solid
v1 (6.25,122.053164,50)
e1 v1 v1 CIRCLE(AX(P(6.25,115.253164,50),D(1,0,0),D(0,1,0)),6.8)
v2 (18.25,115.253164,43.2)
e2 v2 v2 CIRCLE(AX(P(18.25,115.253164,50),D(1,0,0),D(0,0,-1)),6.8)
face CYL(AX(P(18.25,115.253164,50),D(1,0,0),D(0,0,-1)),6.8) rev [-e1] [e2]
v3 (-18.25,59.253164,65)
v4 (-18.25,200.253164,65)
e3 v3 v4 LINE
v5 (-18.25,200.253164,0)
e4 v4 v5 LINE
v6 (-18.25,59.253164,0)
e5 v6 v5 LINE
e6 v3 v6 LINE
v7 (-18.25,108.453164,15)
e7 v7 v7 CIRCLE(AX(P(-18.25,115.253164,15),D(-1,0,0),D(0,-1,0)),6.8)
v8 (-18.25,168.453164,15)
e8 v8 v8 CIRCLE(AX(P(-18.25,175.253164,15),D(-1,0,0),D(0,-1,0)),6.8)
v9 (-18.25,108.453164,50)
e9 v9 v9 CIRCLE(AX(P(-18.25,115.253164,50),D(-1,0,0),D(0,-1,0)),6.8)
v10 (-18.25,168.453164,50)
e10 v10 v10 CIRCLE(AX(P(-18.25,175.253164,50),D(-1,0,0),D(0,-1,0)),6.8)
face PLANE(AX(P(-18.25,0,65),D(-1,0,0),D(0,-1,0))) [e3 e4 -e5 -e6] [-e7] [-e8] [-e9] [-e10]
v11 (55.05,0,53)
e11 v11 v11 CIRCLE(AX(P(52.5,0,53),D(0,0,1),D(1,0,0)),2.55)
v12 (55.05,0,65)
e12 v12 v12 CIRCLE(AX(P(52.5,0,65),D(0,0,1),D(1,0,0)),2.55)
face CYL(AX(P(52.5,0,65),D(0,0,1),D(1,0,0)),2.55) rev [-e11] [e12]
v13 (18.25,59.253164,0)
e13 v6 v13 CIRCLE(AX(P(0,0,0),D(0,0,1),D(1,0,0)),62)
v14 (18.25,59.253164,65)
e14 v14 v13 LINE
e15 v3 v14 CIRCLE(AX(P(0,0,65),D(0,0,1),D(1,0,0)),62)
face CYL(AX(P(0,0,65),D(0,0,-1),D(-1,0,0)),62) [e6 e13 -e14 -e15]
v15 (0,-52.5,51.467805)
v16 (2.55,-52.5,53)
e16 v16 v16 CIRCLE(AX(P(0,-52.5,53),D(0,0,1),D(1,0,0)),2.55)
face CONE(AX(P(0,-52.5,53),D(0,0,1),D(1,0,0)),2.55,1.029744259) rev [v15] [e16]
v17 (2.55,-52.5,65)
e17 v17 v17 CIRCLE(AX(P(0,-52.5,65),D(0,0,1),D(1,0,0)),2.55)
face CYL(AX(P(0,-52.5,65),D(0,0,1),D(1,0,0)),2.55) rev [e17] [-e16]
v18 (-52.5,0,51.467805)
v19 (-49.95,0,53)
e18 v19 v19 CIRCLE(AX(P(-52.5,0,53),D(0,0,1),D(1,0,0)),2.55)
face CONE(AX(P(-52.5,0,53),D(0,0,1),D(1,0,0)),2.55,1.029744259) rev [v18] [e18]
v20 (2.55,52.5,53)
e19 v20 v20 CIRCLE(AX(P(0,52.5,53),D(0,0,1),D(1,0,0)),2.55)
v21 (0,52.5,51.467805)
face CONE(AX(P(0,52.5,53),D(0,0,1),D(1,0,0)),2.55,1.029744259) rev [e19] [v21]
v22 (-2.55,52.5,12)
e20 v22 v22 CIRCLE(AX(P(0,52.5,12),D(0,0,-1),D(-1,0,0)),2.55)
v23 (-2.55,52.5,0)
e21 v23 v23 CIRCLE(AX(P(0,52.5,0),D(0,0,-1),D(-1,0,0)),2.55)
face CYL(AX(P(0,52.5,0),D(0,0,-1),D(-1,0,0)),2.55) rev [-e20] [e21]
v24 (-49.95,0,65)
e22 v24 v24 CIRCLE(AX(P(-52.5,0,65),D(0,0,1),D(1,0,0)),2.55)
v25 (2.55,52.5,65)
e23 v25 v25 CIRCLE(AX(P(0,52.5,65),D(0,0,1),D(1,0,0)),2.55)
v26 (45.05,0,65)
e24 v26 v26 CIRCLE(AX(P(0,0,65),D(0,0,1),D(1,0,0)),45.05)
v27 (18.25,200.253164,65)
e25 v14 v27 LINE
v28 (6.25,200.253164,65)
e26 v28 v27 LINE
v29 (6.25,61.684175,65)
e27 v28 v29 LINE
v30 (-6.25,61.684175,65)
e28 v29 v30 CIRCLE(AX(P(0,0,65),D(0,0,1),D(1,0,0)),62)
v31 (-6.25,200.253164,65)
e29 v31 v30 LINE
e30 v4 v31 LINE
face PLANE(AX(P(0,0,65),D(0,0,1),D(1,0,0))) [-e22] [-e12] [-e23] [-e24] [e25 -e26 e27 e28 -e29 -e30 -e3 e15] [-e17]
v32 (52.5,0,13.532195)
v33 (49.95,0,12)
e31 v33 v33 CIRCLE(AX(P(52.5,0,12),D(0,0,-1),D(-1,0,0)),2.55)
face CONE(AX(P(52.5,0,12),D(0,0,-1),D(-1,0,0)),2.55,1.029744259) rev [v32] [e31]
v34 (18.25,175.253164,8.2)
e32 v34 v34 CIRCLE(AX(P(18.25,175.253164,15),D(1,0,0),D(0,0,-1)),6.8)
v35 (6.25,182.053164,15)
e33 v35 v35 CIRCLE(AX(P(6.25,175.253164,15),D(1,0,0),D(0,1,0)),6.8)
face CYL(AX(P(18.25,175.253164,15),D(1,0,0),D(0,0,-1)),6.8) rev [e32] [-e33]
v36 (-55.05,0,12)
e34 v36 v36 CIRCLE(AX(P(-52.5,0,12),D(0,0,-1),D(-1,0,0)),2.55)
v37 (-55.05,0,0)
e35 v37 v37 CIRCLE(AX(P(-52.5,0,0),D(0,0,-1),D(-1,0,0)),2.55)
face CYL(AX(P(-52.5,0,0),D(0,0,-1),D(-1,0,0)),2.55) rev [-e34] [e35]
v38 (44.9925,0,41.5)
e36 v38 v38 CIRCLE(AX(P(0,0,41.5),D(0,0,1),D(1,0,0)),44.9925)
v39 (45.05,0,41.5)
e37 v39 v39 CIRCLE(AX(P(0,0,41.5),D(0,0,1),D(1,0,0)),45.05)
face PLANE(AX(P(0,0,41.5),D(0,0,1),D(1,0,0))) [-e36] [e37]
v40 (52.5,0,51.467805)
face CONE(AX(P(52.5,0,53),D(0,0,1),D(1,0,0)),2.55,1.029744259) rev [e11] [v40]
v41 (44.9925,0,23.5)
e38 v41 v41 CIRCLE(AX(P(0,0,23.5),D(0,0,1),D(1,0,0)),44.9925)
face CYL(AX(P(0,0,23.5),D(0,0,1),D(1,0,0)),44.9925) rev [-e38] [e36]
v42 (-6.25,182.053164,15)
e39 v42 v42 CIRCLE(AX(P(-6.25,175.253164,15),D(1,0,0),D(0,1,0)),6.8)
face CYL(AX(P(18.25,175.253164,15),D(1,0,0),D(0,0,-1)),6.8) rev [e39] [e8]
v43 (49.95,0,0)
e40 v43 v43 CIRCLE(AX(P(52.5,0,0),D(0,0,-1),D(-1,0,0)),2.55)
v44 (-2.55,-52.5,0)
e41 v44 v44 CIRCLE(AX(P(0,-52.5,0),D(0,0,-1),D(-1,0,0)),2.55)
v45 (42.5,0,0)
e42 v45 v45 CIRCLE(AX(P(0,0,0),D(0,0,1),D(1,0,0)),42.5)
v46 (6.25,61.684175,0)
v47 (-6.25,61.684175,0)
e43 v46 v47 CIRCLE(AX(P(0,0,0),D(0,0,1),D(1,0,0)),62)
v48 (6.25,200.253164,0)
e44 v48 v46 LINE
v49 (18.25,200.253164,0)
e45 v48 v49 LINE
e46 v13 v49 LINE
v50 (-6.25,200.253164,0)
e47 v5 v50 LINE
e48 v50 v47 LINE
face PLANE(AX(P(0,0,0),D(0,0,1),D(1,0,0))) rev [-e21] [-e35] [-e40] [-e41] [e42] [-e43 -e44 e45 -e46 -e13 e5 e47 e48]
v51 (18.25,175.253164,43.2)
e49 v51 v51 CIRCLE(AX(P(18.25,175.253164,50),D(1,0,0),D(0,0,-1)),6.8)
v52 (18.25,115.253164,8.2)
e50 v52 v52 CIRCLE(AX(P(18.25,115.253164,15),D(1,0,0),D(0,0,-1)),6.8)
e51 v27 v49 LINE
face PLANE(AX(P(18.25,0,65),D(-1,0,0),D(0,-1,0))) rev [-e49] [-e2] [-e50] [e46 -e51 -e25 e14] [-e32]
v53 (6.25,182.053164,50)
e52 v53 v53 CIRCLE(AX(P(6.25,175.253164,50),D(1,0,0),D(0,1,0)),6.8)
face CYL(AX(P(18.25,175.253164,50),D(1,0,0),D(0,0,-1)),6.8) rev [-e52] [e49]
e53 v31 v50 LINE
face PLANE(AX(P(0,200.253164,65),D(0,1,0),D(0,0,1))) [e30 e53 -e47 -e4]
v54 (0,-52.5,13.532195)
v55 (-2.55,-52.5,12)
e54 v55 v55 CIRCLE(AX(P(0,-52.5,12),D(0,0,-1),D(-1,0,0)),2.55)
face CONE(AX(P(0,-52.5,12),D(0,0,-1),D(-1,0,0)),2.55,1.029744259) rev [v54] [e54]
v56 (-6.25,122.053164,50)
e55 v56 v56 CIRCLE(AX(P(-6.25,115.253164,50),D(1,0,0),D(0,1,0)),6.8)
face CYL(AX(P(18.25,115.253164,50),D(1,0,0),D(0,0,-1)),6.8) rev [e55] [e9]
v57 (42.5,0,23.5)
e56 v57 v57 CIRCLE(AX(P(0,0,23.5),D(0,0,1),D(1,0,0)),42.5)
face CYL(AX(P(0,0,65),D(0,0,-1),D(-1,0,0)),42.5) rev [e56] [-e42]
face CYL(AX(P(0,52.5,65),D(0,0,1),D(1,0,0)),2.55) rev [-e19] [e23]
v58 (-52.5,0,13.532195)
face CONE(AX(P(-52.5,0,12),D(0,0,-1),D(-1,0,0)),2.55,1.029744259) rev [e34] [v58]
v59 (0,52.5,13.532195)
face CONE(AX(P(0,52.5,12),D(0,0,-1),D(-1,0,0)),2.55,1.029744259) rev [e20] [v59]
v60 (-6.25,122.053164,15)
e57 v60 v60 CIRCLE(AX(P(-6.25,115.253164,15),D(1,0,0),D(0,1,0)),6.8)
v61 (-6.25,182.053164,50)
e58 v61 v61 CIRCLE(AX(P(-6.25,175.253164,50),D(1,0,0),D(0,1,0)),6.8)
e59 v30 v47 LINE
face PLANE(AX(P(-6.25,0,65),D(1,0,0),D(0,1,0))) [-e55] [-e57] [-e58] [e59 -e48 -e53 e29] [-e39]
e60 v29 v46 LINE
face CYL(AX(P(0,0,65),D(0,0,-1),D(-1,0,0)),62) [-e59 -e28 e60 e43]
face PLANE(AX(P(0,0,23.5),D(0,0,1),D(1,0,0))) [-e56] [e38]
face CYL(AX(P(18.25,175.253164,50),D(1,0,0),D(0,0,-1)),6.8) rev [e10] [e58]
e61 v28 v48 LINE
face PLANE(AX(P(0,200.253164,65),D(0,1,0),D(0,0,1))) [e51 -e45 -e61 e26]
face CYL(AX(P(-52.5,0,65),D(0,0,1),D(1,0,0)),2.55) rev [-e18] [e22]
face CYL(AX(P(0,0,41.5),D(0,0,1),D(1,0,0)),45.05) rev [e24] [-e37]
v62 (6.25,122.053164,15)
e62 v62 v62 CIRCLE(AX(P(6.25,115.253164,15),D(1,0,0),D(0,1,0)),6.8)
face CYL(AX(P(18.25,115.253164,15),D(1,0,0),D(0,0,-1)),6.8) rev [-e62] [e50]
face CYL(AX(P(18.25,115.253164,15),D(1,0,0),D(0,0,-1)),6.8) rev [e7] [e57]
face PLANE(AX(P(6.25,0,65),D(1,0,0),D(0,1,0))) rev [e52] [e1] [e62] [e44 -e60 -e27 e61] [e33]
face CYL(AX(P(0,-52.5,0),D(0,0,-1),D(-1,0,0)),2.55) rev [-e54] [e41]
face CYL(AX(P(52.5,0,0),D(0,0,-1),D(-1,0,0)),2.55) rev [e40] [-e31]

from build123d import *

# Parameters (mm, degrees)
SKETCH1_R              = 42.5
BOSS_EXTRUDE1_DEPTH    = 65
SKETCH2_R              = 45.05
CUT_EXTRUDE1_DEPTH     = 23.5
SKETCH3_R              = 44.9925
CUT_EXTRUDE2_DEPTH     = 18
M6_TAPPED_HOLE1_D      = 5.1
M6_TAPPED_HOLE1_DEPTH  = 12
M6_TAPPED_HOLE1_TIP    = 1.532194579
M6_TAPPED_HOLE2_D      = 5.1
M6_TAPPED_HOLE2_DEPTH  = 12
M6_TAPPED_HOLE2_TIP    = 1.532194579
F_12_0MM_DOWEL_HOLE1_D = 13.6


with BuildPart() as part:
    # Sketch1 → Boss-Extrude1 (new body)
    with BuildSketch(Plane.XY):
        with BuildLine():
            Line((6.25, 200.253164472), (6.25, 61.684175442))
            ThreePointArc((6.25, 61.684175442), (0, 62), (-6.25, 61.684175442))
            Line((-6.25, 61.684175442), (-6.25, 200.253164472))
            Line((-6.25, 200.253164472), (-18.25, 200.253164472))
            Line((-18.25, 200.253164472), (-18.25, 59.253164472))
            ThreePointArc((-18.25, 59.253164472), (0, -62), (18.25, 59.253164472))
            Line((18.25, 59.253164472), (18.25, 200.253164472))
            Line((18.25, 200.253164472), (6.25, 200.253164472))
        make_face()
        Circle(SKETCH1_R, mode=Mode.SUBTRACT)
    extrude(amount=BOSS_EXTRUDE1_DEPTH)

    # Sketch2 → Cut-Extrude1 (cut)
    with BuildSketch(Plane.XY.offset(65)):
        Circle(SKETCH2_R)
    extrude(amount=-CUT_EXTRUDE1_DEPTH, mode=Mode.SUBTRACT)

    # Sketch3 → Cut-Extrude2 (cut)
    with BuildSketch(Plane.XY.offset(41.5)):
        Circle(SKETCH3_R)
    extrude(amount=-CUT_EXTRUDE2_DEPTH, mode=Mode.SUBTRACT)

    # M6 Tapped Hole1
    with Locations(Plane.XY.offset(65)):
        with Locations((0, -52.5), (-52.5, 0), (0, 52.5), (52.5, 0)):
            Hole(M6_TAPPED_HOLE1_D / 2, depth=M6_TAPPED_HOLE1_DEPTH)
            with Locations((0, 0, -(M6_TAPPED_HOLE1_DEPTH + M6_TAPPED_HOLE1_TIP / 2))):  # 118° drill point
                Cone(0, M6_TAPPED_HOLE1_D / 2, M6_TAPPED_HOLE1_TIP, mode=Mode.SUBTRACT)

    # M6 Tapped Hole2
    with Locations(Plane(origin=(0, 0, 0), x_dir=(-1, 0, 0), z_dir=(0, 0, -1))):
        with Locations((-52.5, 0), (0, 52.5), (52.5, 0), (0, -52.5)):
            Hole(M6_TAPPED_HOLE2_D / 2, depth=M6_TAPPED_HOLE2_DEPTH)
            with Locations((0, 0, -(M6_TAPPED_HOLE2_DEPTH + M6_TAPPED_HOLE2_TIP / 2))):  # 118° drill point
                Cone(0, M6_TAPPED_HOLE2_D / 2, M6_TAPPED_HOLE2_TIP, mode=Mode.SUBTRACT)

    # Ø12.0mm Dowel Hole1 (through all)
    with Locations(Plane(origin=(18.25, 0, 0), x_dir=(0, 0, -1), z_dir=(1, 0, 0))):
        with Locations((-50, 175.253164472), (-15, 175.253164472), (-15, 115.253164472), (-50, 115.253164472)):
            Hole(F_12_0MM_DOWEL_HOLE1_D / 2)


solid = part.part
